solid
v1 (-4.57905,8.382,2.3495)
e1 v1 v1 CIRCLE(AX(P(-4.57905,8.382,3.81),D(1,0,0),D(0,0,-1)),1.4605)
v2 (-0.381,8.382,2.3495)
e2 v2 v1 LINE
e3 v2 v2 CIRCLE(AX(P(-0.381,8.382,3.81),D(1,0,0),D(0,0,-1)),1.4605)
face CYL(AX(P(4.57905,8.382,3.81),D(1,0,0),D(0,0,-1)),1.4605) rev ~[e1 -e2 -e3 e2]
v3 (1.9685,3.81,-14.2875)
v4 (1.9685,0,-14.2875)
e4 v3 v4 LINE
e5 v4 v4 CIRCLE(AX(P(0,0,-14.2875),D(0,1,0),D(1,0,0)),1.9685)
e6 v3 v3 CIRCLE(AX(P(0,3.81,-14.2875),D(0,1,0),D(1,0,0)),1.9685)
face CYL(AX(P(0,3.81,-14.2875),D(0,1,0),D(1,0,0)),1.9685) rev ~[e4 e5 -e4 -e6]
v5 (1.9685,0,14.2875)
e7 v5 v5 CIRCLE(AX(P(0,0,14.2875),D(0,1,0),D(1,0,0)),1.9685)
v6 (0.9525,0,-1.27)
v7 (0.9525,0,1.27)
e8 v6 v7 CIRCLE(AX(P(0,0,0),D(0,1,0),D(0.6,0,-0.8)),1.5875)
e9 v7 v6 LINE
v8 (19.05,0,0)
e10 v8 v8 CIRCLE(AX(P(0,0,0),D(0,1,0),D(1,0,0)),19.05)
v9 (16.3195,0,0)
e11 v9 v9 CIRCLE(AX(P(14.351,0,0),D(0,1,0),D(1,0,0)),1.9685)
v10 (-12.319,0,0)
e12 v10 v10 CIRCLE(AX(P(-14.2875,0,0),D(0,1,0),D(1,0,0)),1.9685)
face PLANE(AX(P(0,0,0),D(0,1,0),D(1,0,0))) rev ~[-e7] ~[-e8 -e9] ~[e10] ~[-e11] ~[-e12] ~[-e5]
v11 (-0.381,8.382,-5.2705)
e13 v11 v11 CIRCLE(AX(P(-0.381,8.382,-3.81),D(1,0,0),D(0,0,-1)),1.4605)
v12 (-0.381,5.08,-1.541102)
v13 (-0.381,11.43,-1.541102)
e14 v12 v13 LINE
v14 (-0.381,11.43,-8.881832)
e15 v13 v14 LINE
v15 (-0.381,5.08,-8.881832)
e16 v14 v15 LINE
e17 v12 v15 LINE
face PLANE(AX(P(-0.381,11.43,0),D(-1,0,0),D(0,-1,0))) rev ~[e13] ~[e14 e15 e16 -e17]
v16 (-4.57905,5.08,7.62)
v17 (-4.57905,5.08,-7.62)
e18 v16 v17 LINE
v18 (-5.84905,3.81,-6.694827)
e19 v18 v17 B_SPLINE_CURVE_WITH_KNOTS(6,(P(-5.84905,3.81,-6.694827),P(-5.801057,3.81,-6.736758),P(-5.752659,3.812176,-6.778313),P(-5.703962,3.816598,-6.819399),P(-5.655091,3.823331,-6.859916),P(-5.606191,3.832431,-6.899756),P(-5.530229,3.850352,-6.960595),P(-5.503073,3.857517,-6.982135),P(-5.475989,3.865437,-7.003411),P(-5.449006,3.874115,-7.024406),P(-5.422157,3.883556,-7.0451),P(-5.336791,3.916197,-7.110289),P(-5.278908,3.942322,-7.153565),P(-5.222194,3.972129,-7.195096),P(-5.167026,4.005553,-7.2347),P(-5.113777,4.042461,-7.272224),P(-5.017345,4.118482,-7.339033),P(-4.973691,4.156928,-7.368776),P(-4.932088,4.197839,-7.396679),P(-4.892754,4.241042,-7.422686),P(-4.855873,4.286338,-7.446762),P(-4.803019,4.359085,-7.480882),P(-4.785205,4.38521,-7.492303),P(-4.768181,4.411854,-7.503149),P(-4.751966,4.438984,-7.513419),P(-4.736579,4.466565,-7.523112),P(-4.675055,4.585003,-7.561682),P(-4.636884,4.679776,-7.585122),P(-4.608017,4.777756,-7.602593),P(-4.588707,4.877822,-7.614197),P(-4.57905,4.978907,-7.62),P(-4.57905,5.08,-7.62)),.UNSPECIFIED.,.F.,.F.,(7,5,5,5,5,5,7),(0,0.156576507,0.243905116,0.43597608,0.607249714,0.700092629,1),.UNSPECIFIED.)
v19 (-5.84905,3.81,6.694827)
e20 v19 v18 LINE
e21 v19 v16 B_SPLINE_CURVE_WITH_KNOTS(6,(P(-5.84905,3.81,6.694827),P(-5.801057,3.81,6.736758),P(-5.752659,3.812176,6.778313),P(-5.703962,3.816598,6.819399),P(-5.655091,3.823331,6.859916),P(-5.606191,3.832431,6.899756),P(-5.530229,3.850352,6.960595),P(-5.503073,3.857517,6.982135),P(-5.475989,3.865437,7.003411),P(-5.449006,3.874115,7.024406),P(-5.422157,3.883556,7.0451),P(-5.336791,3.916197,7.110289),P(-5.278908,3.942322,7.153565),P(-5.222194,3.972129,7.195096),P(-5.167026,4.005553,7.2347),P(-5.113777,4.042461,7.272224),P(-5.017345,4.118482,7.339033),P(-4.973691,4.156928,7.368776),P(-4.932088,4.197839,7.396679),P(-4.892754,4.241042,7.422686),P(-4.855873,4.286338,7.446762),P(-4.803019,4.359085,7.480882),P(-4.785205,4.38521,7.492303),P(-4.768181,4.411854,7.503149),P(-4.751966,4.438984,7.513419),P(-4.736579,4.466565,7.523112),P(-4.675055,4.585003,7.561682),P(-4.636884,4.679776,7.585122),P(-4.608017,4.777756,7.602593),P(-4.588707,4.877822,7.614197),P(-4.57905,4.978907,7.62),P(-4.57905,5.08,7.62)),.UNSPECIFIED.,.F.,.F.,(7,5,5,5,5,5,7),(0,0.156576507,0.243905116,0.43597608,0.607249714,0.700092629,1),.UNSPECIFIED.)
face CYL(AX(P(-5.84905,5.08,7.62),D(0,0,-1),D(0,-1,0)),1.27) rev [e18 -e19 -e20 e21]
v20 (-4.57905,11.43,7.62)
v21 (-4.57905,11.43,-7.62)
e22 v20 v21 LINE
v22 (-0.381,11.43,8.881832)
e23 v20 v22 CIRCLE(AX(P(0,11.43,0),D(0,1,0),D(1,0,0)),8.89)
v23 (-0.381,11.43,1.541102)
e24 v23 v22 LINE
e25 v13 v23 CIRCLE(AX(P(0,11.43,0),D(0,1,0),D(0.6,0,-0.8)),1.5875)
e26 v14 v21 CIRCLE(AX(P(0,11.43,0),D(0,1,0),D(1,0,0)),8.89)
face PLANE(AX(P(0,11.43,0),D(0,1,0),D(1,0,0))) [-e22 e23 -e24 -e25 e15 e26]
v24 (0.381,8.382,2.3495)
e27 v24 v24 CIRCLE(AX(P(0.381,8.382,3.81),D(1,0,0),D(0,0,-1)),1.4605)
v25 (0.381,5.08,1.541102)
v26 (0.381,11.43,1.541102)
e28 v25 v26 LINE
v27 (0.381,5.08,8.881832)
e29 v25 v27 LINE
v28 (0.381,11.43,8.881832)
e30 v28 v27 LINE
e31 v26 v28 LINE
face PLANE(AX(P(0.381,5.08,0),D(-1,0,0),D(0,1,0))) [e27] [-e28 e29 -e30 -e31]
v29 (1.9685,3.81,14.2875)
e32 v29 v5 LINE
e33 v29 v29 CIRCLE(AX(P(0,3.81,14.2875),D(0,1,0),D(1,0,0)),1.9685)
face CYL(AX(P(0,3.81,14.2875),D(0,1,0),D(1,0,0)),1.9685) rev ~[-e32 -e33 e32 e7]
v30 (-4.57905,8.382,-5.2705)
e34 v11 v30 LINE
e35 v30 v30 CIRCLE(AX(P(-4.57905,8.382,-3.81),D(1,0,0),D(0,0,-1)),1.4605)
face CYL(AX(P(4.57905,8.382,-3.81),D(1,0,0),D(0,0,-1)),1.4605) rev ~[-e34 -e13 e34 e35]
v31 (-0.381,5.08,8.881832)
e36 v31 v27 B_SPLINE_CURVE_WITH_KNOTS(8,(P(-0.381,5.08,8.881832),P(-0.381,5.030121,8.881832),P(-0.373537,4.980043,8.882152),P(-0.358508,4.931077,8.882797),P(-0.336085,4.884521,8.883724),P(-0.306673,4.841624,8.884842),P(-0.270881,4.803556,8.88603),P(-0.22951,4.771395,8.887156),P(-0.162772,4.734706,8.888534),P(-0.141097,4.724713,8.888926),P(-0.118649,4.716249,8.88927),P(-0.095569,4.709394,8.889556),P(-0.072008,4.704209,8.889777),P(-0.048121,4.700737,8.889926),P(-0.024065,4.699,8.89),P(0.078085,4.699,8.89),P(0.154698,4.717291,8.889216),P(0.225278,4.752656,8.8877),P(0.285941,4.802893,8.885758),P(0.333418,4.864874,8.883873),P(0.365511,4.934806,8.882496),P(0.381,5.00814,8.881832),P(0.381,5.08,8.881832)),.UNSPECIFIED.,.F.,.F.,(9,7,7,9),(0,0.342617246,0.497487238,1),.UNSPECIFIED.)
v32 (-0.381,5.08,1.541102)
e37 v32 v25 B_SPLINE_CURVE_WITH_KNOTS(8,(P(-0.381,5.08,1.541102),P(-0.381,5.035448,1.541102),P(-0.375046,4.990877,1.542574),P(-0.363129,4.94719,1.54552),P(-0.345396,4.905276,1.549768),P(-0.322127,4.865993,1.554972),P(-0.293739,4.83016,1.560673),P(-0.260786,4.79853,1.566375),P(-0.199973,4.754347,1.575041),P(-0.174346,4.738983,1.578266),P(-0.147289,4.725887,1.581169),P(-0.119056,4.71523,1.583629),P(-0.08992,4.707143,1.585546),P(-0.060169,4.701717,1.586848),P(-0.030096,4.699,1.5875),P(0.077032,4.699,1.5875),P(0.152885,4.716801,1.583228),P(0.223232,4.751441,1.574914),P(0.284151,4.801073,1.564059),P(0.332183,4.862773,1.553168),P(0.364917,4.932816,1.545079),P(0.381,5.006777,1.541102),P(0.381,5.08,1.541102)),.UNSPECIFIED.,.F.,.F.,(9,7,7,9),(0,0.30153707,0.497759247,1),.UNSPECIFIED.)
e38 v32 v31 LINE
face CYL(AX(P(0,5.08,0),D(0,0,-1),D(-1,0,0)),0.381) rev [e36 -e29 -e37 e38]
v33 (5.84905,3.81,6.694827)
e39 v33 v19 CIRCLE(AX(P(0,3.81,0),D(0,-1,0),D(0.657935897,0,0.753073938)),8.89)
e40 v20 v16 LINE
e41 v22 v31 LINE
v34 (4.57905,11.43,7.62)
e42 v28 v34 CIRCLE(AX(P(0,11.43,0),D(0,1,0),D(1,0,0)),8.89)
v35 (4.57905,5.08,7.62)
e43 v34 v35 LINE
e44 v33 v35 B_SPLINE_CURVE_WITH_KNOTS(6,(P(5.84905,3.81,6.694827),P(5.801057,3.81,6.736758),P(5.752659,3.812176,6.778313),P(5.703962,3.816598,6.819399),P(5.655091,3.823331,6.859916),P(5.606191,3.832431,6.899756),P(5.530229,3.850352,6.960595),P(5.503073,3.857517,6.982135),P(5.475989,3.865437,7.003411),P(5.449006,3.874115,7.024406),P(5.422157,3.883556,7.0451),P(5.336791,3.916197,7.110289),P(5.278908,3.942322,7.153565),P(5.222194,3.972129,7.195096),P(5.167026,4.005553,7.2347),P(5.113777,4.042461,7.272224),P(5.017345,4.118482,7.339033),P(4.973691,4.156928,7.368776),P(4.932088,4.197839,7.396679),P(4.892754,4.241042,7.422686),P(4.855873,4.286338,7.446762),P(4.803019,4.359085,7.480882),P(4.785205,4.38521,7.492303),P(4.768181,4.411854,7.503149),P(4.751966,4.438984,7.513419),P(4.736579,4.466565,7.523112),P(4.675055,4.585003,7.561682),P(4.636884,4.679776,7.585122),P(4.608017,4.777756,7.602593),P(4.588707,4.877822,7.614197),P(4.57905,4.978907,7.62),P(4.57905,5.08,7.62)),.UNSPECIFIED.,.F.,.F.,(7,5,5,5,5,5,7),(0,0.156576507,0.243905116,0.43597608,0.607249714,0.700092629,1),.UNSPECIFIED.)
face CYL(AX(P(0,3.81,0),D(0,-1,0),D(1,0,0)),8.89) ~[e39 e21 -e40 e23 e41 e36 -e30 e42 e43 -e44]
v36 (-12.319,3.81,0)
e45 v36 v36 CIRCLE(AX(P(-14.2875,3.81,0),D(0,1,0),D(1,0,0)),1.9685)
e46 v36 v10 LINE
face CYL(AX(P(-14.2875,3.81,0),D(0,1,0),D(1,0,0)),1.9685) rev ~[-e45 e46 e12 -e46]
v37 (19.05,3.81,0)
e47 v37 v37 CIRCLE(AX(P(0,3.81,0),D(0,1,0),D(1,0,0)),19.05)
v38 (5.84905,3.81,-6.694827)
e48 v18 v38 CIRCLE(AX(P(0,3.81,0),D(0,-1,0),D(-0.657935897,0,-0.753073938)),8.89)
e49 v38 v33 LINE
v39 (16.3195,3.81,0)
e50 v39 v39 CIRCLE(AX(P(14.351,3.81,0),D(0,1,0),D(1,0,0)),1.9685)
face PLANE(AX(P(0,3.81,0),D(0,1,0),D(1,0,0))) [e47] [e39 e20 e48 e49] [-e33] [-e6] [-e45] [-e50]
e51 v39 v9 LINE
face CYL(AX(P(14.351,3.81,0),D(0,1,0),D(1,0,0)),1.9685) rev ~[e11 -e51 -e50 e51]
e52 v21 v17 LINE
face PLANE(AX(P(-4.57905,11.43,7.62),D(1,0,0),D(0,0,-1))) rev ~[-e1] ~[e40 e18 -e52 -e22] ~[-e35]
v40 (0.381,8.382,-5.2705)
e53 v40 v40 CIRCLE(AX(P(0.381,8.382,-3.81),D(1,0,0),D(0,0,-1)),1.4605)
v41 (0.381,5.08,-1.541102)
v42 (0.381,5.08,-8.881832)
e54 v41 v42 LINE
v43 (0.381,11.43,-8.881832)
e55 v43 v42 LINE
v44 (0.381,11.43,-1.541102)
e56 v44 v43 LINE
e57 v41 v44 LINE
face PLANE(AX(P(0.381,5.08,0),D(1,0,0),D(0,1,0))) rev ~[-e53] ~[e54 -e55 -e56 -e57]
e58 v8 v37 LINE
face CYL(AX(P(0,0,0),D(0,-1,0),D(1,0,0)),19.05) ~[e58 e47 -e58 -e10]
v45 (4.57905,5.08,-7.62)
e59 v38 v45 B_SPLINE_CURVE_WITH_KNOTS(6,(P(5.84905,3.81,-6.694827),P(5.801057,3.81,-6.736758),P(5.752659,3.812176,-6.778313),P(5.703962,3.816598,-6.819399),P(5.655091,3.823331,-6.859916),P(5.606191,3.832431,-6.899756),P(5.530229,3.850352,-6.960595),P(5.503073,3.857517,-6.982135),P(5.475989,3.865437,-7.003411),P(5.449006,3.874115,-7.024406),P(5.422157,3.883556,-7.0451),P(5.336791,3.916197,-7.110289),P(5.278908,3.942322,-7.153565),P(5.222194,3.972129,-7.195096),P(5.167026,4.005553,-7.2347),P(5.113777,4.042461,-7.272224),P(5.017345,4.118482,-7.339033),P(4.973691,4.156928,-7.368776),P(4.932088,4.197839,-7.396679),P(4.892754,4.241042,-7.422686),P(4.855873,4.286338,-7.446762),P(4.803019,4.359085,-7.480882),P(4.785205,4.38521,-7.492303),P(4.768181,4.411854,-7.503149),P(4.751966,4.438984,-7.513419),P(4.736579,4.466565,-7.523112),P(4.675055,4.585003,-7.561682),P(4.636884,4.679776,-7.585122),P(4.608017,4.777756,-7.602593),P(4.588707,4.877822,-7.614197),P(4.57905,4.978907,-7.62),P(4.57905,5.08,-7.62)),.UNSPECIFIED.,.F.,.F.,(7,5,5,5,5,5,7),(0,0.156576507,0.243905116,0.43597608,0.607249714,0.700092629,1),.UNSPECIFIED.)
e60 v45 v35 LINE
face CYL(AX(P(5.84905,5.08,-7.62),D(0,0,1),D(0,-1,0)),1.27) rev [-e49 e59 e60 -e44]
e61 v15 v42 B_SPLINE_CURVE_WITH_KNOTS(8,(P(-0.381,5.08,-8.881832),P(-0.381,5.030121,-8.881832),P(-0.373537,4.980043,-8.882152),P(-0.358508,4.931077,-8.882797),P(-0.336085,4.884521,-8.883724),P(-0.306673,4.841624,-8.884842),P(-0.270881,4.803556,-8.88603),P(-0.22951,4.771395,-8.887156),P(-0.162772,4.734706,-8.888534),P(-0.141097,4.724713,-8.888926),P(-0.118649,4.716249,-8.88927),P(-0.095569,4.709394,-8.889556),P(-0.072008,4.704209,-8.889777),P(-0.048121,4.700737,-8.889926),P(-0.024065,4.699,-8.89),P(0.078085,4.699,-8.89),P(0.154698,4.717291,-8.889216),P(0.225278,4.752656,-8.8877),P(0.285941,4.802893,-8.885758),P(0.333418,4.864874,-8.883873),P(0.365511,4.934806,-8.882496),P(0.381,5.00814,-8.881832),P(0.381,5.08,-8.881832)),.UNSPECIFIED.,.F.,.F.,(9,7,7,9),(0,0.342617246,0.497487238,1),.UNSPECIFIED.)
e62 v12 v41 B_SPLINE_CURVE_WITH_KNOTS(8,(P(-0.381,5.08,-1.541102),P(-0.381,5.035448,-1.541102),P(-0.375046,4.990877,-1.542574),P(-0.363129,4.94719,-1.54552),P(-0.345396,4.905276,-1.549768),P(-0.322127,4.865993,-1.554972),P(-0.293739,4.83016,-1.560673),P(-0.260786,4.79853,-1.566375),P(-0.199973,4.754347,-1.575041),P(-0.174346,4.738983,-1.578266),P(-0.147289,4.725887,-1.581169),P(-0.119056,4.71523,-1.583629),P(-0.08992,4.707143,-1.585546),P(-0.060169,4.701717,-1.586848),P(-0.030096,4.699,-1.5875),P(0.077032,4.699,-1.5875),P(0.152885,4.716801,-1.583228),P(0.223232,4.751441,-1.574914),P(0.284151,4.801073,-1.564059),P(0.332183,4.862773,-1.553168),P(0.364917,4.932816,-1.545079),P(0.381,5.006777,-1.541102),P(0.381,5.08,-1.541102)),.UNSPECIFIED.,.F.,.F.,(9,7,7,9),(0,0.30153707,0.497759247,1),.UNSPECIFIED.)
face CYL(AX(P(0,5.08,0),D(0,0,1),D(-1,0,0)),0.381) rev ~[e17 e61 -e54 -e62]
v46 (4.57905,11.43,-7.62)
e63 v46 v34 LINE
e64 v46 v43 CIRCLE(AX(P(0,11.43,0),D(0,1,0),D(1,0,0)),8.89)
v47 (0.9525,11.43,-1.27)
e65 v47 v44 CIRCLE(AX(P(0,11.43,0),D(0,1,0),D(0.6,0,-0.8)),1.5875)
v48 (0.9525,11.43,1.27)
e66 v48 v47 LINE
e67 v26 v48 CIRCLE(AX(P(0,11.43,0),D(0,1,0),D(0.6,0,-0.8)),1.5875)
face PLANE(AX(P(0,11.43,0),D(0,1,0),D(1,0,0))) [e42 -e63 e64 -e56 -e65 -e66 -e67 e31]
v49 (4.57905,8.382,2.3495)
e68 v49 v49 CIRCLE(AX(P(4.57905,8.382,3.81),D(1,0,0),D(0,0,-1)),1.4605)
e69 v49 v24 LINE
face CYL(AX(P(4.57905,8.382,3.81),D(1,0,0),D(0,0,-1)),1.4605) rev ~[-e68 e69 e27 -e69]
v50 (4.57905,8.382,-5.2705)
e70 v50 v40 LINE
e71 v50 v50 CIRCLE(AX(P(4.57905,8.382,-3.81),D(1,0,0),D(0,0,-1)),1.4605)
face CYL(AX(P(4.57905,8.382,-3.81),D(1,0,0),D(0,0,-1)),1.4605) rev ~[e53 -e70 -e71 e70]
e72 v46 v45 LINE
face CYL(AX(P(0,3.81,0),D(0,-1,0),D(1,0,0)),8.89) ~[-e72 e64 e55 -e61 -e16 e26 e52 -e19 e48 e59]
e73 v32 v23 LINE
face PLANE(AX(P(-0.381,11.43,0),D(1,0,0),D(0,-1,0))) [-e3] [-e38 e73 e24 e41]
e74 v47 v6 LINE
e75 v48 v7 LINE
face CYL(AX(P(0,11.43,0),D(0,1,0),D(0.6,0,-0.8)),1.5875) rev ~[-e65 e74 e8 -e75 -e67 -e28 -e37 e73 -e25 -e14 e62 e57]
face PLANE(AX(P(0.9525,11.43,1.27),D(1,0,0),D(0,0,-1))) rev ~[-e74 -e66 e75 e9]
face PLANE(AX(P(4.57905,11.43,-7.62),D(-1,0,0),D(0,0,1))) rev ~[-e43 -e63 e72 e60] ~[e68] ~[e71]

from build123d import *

# Parameters (mm, degrees)
SKETCH1_R               = 19.05
BOSS_EXTRUDE1_DEPTH     = 3.81
SKETCH2_R               = 8.89
BOSS_EXTRUDE2_DEPTH     = 7.62
CUT_EXTRUDE1_DEPTH      = 12.43
CUT_EXTRUDE2_DEPTH      = 20.05
CUT_EXTRUDE2_DEPTH_BACK = 20.05
CUT_EXTRUDE3_DEPTH      = 7.62
FILLET1_R               = 1.27
SKETCH6_R               = 1.4605
CUT_EXTRUDE4_DEPTH      = 24.62905012
SKETCH7_R               = 1.9685
CUT_EXTRUDE5_DEPTH      = 4.8100001


with BuildPart() as part:
    # Sketch1 → Boss-Extrude1 (new body)
    with BuildSketch(Plane(origin=(0, 0, 0), x_dir=(1, 0, 0), z_dir=(0, 1, 0))):
        Circle(SKETCH1_R)
    extrude(amount=BOSS_EXTRUDE1_DEPTH)

    # Sketch2 → Boss-Extrude2 (add)
    with BuildSketch(Plane(origin=(0, 3.81, 0), x_dir=(1, 0, 0), z_dir=(0, 1, 0))):
        Circle(SKETCH2_R)
    extrude(amount=BOSS_EXTRUDE2_DEPTH)

    # Sketch3 → Cut-Extrude1 (cut, through all)
    with BuildSketch(Plane(origin=(0, 11.43, 0), x_dir=(1, 0, 0), z_dir=(0, 1, 0))):
        with BuildLine():
            Line((0.9525, -1.27), (0.9525, 1.27))
            ThreePointArc((0.9525, 1.27), (-1.5875, 0), (0.9525, -1.27))
        make_face()
    extrude(amount=-CUT_EXTRUDE1_DEPTH, mode=Mode.SUBTRACT)

    # Sketch4 → Cut-Extrude2 (cut, two sides)
    with BuildSketch(Plane.XY) as cut_extrude2_sk:
        with BuildLine():
            Line((-0.381, 11.43), (-0.381, 5.08))
            ThreePointArc((-0.381, 5.08), (0, 4.699), (0.381, 5.08))
            Line((0.381, 5.08), (0.381, 11.43))
            Line((0.381, 11.43), (-0.381, 11.43))
        make_face()
    extrude(amount=CUT_EXTRUDE2_DEPTH, mode=Mode.SUBTRACT)
    extrude(cut_extrude2_sk.sketch, amount=-CUT_EXTRUDE2_DEPTH_BACK, mode=Mode.SUBTRACT)

    # Sketch5 → Cut-Extrude3 (cut)
    with BuildSketch(Plane(origin=(0, 11.43, 0), x_dir=(1, 0, 0), z_dir=(0, 1, 0))):
        with BuildLine():
            Line((4.57905012, 7.62), (4.57905012, -7.62))
            ThreePointArc((4.57905012, -7.62), (8.89, 0), (4.57905012, 7.62))
        make_face()
        with BuildLine():
            Line((-4.57905012, -7.62), (-4.57905012, 7.62))
            ThreePointArc((-4.57905012, 7.62), (-8.89, 0), (-4.57905012, -7.62))
        make_face()
    extrude(amount=-CUT_EXTRUDE3_DEPTH, mode=Mode.SUBTRACT)

    # Fillet1
    fillet1_edges = [part.edges().sort_by_distance(p)[0] for p in [
        (4.57905012, 3.81, 0),
        (-4.57905012, 3.81, 0),
    ]]
    fillet(fillet1_edges, radius=FILLET1_R)

    # Sketch6 → Cut-Extrude4 (cut, through all)
    with BuildSketch(Plane(origin=(4.57905012, 0, 0), x_dir=(0, 0, -1), z_dir=(1, 0, 0))):
        with Locations((-3.81, 8.382)):
            Circle(SKETCH6_R)
        with Locations((3.81, 8.382)):
            Circle(SKETCH6_R)
    extrude(amount=-CUT_EXTRUDE4_DEPTH, mode=Mode.SUBTRACT)

    # Sketch7 → Cut-Extrude5 (cut, through all)
    with BuildSketch(Plane(origin=(0, 3.81, 0), x_dir=(1, 0, 0), z_dir=(0, 1, 0))):
        with Locations((-14.2875, 0)):
            Circle(SKETCH7_R)
        with Locations((0, 14.2875)):
            Circle(SKETCH7_R)
        with Locations((14.351, 0)):
            Circle(SKETCH7_R)
        with Locations((0, -14.2875)):
            Circle(SKETCH7_R)
    extrude(amount=-CUT_EXTRUDE5_DEPTH, mode=Mode.SUBTRACT)


solid = part.part
